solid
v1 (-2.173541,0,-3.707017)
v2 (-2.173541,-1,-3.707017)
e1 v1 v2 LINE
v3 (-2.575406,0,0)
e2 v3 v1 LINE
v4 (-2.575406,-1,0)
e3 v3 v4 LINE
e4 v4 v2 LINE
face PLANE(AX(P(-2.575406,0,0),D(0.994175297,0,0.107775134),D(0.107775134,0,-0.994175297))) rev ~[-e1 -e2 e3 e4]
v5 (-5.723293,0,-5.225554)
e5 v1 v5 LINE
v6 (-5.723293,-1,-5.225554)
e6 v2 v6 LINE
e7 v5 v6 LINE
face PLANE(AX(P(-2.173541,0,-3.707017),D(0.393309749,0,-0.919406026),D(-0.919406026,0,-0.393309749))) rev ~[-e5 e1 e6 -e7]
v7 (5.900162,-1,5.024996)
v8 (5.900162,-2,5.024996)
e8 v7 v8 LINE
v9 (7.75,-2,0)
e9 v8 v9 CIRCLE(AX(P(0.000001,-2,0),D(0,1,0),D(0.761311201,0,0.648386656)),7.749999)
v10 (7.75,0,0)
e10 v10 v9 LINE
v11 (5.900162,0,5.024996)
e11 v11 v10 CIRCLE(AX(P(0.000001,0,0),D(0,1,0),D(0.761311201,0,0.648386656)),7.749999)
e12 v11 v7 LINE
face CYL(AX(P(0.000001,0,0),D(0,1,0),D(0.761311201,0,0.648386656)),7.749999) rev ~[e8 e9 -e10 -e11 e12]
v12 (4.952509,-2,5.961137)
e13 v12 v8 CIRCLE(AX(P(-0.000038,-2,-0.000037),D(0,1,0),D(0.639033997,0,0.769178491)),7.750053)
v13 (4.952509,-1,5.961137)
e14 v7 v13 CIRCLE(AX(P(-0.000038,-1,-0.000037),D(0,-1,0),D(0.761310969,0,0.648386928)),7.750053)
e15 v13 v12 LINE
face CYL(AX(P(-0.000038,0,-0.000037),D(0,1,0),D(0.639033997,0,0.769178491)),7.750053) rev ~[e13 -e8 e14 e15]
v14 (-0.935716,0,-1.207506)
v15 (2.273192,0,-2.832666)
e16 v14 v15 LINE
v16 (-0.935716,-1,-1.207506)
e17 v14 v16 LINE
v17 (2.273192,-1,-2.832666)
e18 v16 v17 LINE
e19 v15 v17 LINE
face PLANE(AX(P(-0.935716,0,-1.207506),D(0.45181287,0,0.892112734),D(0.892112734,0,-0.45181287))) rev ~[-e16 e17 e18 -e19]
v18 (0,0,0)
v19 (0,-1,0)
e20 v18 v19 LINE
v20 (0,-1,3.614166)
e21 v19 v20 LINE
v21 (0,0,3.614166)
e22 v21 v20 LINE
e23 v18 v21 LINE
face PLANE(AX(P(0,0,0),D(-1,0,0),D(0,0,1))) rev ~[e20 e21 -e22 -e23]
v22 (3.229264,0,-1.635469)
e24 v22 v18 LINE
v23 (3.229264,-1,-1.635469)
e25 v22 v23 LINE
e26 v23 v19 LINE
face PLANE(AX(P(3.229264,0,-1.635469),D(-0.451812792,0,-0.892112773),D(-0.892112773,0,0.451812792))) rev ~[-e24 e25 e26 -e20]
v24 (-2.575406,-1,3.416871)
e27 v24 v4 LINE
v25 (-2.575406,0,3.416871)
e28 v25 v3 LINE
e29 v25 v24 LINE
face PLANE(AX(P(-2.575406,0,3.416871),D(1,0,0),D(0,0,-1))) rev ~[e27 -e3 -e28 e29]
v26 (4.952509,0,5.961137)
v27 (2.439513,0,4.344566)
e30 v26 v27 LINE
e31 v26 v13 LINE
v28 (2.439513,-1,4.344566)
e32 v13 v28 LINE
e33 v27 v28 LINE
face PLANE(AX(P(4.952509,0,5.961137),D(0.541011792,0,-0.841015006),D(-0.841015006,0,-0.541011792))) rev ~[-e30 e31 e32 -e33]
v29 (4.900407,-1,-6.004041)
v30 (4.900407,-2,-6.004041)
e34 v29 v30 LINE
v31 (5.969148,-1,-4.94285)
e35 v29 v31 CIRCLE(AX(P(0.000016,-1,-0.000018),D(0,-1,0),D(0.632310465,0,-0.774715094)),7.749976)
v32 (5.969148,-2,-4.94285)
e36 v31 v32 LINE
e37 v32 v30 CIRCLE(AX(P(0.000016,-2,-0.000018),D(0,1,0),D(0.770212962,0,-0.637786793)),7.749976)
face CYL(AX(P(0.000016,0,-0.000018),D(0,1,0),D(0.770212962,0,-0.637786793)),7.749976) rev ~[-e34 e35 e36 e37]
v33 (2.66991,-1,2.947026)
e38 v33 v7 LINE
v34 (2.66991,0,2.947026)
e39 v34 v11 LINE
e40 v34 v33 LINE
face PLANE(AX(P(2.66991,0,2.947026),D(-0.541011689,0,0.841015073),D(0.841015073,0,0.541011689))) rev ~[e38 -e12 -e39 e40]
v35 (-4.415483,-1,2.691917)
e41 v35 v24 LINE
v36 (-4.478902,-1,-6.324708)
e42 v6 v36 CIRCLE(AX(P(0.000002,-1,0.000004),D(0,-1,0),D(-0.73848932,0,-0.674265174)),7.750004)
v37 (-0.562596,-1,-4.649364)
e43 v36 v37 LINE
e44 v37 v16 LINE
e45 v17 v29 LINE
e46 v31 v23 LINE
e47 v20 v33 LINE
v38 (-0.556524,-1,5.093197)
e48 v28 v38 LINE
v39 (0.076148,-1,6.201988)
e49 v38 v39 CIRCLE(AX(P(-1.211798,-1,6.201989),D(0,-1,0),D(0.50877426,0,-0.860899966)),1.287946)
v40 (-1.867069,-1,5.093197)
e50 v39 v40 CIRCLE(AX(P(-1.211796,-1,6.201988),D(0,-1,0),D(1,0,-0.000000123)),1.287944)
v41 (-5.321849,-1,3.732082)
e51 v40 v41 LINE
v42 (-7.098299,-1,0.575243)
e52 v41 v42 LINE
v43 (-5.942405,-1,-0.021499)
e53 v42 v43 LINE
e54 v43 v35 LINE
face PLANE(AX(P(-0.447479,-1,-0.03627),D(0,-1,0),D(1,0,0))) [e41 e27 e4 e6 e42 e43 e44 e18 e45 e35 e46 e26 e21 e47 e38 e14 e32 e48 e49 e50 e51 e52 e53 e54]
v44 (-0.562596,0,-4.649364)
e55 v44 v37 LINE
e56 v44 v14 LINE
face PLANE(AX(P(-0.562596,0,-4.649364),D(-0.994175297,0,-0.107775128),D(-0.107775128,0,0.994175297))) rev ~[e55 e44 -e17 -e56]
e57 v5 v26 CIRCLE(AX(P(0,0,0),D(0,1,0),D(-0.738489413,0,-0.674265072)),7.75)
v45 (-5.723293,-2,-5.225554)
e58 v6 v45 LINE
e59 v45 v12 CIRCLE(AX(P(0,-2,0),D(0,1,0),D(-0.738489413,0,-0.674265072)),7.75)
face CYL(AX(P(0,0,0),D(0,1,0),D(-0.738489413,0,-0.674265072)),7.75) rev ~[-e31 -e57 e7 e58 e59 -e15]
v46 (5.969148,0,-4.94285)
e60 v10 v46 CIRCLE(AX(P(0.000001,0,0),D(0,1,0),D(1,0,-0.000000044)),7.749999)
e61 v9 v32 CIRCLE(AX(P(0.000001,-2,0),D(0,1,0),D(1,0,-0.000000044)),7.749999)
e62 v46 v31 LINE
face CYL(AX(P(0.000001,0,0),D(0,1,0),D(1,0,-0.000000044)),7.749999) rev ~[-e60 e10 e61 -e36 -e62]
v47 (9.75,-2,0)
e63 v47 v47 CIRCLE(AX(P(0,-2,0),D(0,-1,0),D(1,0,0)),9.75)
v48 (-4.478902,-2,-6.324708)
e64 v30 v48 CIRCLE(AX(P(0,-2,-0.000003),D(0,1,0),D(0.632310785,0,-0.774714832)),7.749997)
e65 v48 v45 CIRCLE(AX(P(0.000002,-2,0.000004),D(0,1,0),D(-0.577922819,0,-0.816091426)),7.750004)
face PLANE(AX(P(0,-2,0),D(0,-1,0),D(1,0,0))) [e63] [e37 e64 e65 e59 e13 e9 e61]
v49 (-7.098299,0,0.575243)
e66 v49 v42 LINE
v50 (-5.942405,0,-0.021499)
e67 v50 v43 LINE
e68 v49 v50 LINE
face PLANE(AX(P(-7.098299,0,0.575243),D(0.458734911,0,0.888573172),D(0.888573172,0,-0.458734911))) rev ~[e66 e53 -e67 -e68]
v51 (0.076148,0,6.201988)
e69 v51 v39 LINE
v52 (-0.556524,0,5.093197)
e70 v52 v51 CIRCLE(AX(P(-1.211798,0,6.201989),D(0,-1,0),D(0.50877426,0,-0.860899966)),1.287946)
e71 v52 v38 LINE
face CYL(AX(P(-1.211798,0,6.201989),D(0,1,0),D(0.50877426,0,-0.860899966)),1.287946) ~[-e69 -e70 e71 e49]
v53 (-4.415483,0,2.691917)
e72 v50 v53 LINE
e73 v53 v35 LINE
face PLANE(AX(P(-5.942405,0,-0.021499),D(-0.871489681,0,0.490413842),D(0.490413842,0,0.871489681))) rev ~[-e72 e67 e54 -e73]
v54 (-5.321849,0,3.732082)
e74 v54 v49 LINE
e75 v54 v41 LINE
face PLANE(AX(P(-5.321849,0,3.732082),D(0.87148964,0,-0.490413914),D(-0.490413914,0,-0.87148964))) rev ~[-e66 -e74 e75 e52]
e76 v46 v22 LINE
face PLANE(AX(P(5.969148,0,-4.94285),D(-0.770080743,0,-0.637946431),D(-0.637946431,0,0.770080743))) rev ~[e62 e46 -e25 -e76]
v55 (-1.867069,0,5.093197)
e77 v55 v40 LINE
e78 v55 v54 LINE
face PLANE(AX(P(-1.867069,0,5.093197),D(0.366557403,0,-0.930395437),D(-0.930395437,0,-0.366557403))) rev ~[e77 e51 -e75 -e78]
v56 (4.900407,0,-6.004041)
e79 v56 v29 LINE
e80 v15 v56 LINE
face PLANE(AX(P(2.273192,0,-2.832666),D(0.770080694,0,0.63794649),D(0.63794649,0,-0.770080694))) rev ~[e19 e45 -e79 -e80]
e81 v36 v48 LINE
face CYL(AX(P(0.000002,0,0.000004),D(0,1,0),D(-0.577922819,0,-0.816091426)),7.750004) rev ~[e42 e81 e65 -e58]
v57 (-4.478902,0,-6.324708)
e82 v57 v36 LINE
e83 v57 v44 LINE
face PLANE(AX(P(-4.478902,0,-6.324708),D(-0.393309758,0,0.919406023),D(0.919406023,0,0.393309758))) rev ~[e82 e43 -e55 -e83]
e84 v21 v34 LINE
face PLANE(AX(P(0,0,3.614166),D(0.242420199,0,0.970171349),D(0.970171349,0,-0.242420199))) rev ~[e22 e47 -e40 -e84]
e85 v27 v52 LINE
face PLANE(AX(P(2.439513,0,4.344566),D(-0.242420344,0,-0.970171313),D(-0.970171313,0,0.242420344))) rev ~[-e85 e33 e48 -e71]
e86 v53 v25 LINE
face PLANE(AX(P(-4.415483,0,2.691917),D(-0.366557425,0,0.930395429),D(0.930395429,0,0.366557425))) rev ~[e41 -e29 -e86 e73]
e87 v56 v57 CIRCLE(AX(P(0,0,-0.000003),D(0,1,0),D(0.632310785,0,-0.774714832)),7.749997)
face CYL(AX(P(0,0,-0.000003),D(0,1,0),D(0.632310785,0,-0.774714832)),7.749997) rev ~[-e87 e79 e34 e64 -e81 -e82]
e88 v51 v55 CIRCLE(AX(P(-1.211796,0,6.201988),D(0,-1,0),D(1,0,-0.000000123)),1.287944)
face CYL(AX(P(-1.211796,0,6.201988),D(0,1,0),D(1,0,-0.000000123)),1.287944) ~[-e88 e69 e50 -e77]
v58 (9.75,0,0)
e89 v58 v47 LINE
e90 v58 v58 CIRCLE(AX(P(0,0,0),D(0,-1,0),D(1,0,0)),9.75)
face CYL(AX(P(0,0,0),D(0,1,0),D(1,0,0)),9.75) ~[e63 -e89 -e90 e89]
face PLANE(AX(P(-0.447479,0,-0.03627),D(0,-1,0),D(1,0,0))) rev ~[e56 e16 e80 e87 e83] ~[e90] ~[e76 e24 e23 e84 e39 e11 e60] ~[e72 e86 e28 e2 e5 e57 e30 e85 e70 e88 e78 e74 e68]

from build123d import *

# Parameters (mm, degrees)
F0_R     = 9.75
F1_DEPTH = 2
F2_DEPTH = 1


with BuildPart() as f1:
    # F0 (on Front) → F1 (new body)
    with BuildSketch(Plane.XZ):
        Circle(F0_R)
        with BuildLine():
            ThreePointArc((5.900162, 5.024996), (7.272852, 2.677335), (7.75, 0))
            ThreePointArc((7.75, 0), (7.291207, -2.626937), (5.969148, -4.94285))
            ThreePointArc((5.969148, -4.94285), (5.460617, -5.499469), (4.900407, -6.004041))
            ThreePointArc((4.900407, -6.004041), (0.264808, -7.745475), (-4.478902, -6.324708))
            ThreePointArc((-4.478902, -6.324708), (-5.130617, -5.808551), (-5.723293, -5.225554))
            ThreePointArc((-5.723293, -5.225554), (-5.606607, 5.350557), (4.952509, 5.961137))
            ThreePointArc((4.952509, 5.961137), (5.446486, 5.513464), (5.900162, 5.024996))
        make_face(mode=Mode.SUBTRACT)
    extrude(amount=F1_DEPTH)

    # F0 (on Front) → F2 (join)
    with BuildSketch(Plane.XZ):
        with BuildLine():
            Line((2.66991, 2.947026), (5.900162, 5.024996))
            ThreePointArc((5.900162, 5.024996), (5.446486, 5.513464), (4.952509, 5.961137))
            Line((4.952509, 5.961137), (2.439513, 4.344566))
            Line((2.439513, 4.344566), (-0.556524, 5.093197))
            ThreePointArc((-0.556524, 5.093197), (-1.211796, 4.914044), (-1.867069, 5.093197))
            Line((-1.867069, 5.093197), (-5.321849, 3.732082))
            Line((-5.321849, 3.732082), (-7.098299, 0.575243))
            Line((-7.098299, 0.575243), (-5.942405, -0.021499))
            Line((-5.942405, -0.021499), (-4.415483, 2.691917))
            Line((-4.415483, 2.691917), (-2.575406, 3.416871))
            Line((-2.575406, 3.416871), (-2.575406, 0))
            Line((-2.575406, 0), (-2.173541, -3.707017))
            Line((-2.173541, -3.707017), (-5.723293, -5.225554))
            ThreePointArc((-5.723293, -5.225554), (-5.130617, -5.808551), (-4.478902, -6.324708))
            Line((-4.478902, -6.324708), (-0.562596, -4.649364))
            Line((-0.562596, -4.649364), (-0.935716, -1.207506))
            Line((-0.935716, -1.207506), (2.273192, -2.832666))
            Line((2.273192, -2.832666), (4.900407, -6.004041))
            ThreePointArc((4.900407, -6.004041), (5.460617, -5.499469), (5.969148, -4.94285))
            Line((5.969148, -4.94285), (3.229264, -1.635469))
            Line((3.229264, -1.635469), (0, 0))
            Line((0, 0), (0, 3.614166))
            Line((0, 3.614166), (2.66991, 2.947026))
        make_face()
        with BuildLine():
            ThreePointArc((-1.867069, 5.093197), (-1.211796, 4.914044), (-0.556524, 5.093197))
            ThreePointArc((-0.556524, 5.093197), (-0.093147, 5.563691), (0.076148, 6.201988))
            ThreePointArc((0.076148, 6.201988), (-1.850093, 7.320638), (-1.867069, 5.093197))
        make_face()
    extrude(amount=F2_DEPTH)


solid = f1.part
